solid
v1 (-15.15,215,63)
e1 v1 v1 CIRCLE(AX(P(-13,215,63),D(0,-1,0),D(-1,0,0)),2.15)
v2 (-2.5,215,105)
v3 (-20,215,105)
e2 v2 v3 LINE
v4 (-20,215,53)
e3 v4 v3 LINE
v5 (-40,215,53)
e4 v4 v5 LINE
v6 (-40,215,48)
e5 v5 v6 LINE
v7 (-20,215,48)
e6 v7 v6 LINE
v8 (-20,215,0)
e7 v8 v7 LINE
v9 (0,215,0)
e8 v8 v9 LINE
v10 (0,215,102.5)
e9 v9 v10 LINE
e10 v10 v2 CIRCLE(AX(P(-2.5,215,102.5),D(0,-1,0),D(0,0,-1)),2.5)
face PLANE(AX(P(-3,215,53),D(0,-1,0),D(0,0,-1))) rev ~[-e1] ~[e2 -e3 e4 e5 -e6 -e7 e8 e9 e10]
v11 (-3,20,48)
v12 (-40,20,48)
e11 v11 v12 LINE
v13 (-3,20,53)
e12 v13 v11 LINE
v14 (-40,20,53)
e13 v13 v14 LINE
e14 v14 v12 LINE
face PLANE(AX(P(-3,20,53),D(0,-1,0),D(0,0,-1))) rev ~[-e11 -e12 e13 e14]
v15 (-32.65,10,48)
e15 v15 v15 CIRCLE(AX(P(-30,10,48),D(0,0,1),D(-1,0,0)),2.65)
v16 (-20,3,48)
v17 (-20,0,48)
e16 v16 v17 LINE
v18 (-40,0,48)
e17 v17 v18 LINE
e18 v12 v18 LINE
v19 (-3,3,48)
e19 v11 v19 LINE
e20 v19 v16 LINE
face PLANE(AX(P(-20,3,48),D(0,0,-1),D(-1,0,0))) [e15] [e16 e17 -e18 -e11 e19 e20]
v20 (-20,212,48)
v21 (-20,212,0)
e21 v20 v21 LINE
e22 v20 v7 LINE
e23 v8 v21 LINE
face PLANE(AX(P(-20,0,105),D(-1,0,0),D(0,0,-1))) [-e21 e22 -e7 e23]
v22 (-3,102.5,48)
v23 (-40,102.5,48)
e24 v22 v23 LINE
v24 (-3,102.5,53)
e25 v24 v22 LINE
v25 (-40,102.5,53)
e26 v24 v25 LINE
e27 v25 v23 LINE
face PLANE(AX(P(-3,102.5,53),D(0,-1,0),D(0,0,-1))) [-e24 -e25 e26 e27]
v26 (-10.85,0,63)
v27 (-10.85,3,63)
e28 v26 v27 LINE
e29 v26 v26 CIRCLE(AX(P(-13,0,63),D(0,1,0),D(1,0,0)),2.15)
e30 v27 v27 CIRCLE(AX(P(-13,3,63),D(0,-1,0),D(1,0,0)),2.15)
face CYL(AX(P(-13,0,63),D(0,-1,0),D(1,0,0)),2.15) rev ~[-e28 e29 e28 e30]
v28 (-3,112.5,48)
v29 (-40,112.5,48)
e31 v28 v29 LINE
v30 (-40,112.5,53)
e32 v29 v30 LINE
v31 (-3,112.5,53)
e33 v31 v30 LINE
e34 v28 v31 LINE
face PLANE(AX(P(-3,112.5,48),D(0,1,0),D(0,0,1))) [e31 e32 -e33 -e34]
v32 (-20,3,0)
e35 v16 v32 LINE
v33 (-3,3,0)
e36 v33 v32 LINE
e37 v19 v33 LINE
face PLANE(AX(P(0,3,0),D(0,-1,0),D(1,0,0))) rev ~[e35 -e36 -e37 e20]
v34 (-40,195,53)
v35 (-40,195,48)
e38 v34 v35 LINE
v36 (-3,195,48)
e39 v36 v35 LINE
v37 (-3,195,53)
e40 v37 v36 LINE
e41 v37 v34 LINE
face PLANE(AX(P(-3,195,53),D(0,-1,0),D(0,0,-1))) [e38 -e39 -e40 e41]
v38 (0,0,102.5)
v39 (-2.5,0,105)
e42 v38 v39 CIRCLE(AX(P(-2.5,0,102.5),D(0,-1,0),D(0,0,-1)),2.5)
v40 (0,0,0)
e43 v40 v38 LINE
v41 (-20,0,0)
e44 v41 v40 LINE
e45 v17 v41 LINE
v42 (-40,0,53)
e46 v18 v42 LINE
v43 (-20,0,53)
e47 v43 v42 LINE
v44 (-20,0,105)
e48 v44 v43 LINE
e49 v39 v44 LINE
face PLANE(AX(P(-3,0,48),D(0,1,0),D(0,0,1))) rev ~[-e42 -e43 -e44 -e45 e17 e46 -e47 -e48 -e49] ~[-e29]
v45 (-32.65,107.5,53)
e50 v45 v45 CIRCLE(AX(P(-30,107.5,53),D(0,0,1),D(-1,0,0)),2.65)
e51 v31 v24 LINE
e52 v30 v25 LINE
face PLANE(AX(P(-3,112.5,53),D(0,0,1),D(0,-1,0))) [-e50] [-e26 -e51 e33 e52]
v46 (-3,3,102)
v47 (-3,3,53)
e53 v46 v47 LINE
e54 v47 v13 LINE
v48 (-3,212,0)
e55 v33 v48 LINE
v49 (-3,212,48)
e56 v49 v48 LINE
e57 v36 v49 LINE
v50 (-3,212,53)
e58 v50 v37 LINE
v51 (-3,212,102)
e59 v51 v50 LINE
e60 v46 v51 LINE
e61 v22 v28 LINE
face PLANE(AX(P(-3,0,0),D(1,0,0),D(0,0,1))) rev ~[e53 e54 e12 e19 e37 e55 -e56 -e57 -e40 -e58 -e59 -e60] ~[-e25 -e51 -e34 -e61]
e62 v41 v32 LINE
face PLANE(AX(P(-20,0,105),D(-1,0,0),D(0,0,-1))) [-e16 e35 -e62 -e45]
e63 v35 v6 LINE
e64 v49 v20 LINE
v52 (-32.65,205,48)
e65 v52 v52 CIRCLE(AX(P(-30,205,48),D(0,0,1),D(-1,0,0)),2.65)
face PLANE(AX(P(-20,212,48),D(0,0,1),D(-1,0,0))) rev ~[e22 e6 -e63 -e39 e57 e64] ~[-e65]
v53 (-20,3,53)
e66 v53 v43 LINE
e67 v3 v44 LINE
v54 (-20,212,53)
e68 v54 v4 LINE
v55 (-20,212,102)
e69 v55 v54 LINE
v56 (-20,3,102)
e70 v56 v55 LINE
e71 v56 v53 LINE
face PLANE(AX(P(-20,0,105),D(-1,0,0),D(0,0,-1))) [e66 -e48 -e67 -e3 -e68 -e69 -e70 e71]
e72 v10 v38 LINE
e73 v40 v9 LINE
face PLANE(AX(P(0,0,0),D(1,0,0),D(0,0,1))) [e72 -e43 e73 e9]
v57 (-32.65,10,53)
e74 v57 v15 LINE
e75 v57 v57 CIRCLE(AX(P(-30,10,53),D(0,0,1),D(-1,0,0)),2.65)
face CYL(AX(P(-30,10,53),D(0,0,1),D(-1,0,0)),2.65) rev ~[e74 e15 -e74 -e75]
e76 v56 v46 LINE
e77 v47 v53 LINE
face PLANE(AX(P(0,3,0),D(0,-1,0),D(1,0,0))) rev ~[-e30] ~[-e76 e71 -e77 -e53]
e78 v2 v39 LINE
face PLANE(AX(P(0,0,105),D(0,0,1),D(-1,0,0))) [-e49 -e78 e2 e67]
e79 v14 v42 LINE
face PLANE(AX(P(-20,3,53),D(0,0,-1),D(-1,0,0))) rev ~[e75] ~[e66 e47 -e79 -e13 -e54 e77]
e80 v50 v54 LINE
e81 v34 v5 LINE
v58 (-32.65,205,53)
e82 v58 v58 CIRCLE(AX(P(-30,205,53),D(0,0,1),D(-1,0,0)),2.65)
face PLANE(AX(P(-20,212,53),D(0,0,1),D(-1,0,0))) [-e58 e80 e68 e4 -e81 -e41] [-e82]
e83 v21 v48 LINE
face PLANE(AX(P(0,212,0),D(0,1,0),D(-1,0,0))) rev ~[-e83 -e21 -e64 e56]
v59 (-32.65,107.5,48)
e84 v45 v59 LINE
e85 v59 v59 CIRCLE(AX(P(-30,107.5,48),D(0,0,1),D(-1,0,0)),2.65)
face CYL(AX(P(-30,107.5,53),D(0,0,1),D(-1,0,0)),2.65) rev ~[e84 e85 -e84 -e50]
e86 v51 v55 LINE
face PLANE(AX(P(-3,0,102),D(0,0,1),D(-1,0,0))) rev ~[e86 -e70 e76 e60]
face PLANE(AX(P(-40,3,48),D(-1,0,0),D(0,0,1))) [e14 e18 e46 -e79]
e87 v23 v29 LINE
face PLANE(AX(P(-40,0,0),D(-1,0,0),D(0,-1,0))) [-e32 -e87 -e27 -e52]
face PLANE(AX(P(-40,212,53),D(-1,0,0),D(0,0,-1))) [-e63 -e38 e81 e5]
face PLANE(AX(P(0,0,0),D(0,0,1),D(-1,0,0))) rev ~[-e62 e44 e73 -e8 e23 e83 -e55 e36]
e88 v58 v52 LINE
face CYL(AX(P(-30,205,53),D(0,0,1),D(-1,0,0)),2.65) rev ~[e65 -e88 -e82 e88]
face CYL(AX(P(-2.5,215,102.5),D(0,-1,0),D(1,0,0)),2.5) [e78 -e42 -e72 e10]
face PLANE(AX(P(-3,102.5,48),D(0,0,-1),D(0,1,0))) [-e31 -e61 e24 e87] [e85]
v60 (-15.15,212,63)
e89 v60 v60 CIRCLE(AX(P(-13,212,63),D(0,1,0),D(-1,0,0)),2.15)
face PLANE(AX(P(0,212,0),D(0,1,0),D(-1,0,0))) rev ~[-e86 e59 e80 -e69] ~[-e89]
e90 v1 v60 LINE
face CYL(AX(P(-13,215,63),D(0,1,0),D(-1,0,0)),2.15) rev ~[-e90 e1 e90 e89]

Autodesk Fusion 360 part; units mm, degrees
sketch "스케치1" plane through (0, 0, 0) normal (0, 1, 0) x (1, 0, 0)
  line L0 (0, 0) -> (0, -105)
  line L1 (0, 0) -> (-3, 0)
  line L2 (-3, 0) -> (-3, -102)
  line L3 (-3, -102) -> (-20, -102)
  line L4 (0, -105) -> (-20, -105)
  line L5 (-20, -105) -> (-20, -102)
  dimension "d1" = 105
  dimension "d2" = 3
  dimension "d3" = 102
  dimension "d4" = 17
extrude "돌출1" add sketch "스케치1" along normal blind 215
sketch "스케치2" plane through (0, 0, 0) normal (0, -1, 0) x (1, 0, 0)
  line L0 (-3, 0) -> (0, 0)
  line L1 (0, 0) -> (0, 105)
  line L2 (0, 105) -> (-20, 105)
  line L3 (-20, 105) -> (-20, 102)
  line L4 (-20, 102) -> (-3, 102)
  line L5 (-3, 102) -> (-3, 0)
  line L6 (0, 105) -> (-20, 105)
  line L7 (-20, 105) -> (-20, 0)
  line L8 (-20, 0) -> (0, 0)
  line L9 (0, 0) -> (0, 105)
  line L10 (-3, 102) -> (-3, 73)
  line L11 (-3, 73) -> (-20, 73)
  line L12 (-20, 73) -> (-20, 53)
  line L13 (-20, 53) -> (-3, 53)
  line L14 (-3, 53) -> (-3, 73)
  line L15 (-20, 53) -> (-13, 53)
  line L16 (-13, 53) -> (-13, 63)
  line L17 (-13, 63) -> (-20, 63)
  line L18 (-20, 63) -> (-20, 53)
  circle A0 centre (-13, 63) radius 2.15
  dimension "d11" = 29
  dimension "d12" = 17
  dimension "d13" = 20
  dimension "d14" = 7
  dimension "d15" = 10
  dimension "d16" = 4.3
extrude "돌출2" add sketch "스케치2" against normal blind 3 contours L0 L1 L2 L3 L4 L5 L6 L7 L8 L9 L10 L14 | L5 L7 L8 L13 L15 | L5 L7 L11 L12 L13 L14 L16 L17 A0 | L4 L5 L7 L10 L11 | L7 L12 L13 L15 L16 L17 L18 A0
sketch "스케치3" plane through (0, 215, 0) normal (0, 1, 0) x (-1, 0, 0)
  line L0 (0, 0) -> (3, 0)
  line L1 (3, 0) -> (3, 102)
  line L2 (3, 102) -> (20, 102)
  line L3 (20, 102) -> (20, 105)
  line L4 (20, 105) -> (0, 105)
  line L5 (0, 105) -> (0, 0)
  line L6 (0, 105) -> (20, 105)
  line L7 (20, 105) -> (20, 0)
  line L8 (20, 0) -> (0, 0)
  line L9 (0, 0) -> (0, 105)
  line L10 (3, 102) -> (3, 73)
  line L11 (3, 73) -> (20, 73)
  line L12 (20, 73) -> (20, 53)
  line L13 (20, 53) -> (3, 53)
  line L14 (3, 53) -> (3, 73)
  line L15 (20, 53) -> (13, 53)
  line L16 (13, 53) -> (13, 63)
  line L17 (13, 63) -> (20, 63)
  line L18 (20, 63) -> (20, 53)
  circle A0 centre (13, 63) radius 2.15
  dimension "d17" = 29
  dimension "d18" = 17
  dimension "d19" = 20
  dimension "d20" = 7
  dimension "d21" = 10
  dimension "d22" = 4.3
extrude "돌출3" add sketch "스케치3" against normal blind 3 contours L1 L7 L8 L13 L15 | L1 L7 L11 L12 L13 L14 L16 L17 A0 | L1 L2 L7 L10 L11 | L7 L12 L13 L15 L16 L17 L18 A0
sketch "스케치4" plane through (-3, 0, 0) normal (-1, 0, 0) x (0, -1, 0)
  line L0 (-212, 102) -> (-212, 0)
  line L1 (-212, 0) -> (-3, 0)
  line L2 (-3, 0) -> (-3, 102)
  line L3 (-3, 102) -> (-212, 102)
  line L4 (-212, 102) -> (-212, 53)
  line L5 (-212, 53) -> (-195, 53)
  line L6 (-195, 53) -> (-195, 48)
  line L7 (-195, 48) -> (-212, 48)
  line L8 (-212, 48) -> (-212, 53)
  line L9 (-3, 53) -> (-20, 53)
  line L10 (-20, 53) -> (-20, 48)
  line L11 (-20, 48) -> (-3, 48)
  line L12 (-3, 48) -> (-3, 53)
  line L13 (-195, 53) -> (-112.5, 53)
  line L14 (-112.5, 53) -> (-102.5, 53)
  line L15 (-102.5, 53) -> (-102.5, 48)
  line L16 (-102.5, 48) -> (-112.5, 48)
  line L17 (-112.5, 48) -> (-112.5, 53)
  dimension "d23" = 49
  dimension "d24" = 17
  dimension "d25" = 5
  dimension "d26" = 17
  dimension "d27" = 5
  dimension "d28" = 82.5
  dimension "d29" = 10
  dimension "d30" = 5
extrude "돌출4" add sketch "스케치4" along normal blind 37 contours L14 L15 L16 L17 | L0 L5 L6 L7 L8 | L2 L9 L10 L11 L12
extrude "돌출5" add 1 faces at (-26.6667, 3, 49.6667) along direction (0, -1, 0) blind 3
extrude "돌출6" add 1 faces at (-33.3333, 212, 51.3333) along direction (0, 1, 0) blind 3
sketch "스케치5" plane through (0, 0, 53) normal (0, 0, 1) x (-1, 0, 0)
  line L0 (3, -102.5) -> (3, -112.5)
  line L1 (3, -112.5) -> (40, -112.5)
  line L2 (40, -112.5) -> (40, -102.5)
  line L3 (40, -102.5) -> (3, -102.5)
  line L4 (40, -102.5) -> (20, -102.5)
  line L5 (20, -102.5) -> (20, -112.5)
  line L6 (20, -112.5) -> (40, -112.5)
  line L7 (40, -112.5) -> (40, -102.5)
  circle A0 centre (30, -107.5) radius 2.65
  circle A1 centre (30, -205) radius 2.65
  circle A2 centre (30, -10) radius 2.65
  dimension "d37" = 20
  dimension "d43" = 5.3
  dimension "d49" = 5.3
  dimension "d50" = 5.3
extrude "돌출7" cut sketch "스케치5" against normal blind 5 contours A0 | A1 | A2
fillet "필렛1" radius 2.5 1 edges at (0, 107.5, 105)
